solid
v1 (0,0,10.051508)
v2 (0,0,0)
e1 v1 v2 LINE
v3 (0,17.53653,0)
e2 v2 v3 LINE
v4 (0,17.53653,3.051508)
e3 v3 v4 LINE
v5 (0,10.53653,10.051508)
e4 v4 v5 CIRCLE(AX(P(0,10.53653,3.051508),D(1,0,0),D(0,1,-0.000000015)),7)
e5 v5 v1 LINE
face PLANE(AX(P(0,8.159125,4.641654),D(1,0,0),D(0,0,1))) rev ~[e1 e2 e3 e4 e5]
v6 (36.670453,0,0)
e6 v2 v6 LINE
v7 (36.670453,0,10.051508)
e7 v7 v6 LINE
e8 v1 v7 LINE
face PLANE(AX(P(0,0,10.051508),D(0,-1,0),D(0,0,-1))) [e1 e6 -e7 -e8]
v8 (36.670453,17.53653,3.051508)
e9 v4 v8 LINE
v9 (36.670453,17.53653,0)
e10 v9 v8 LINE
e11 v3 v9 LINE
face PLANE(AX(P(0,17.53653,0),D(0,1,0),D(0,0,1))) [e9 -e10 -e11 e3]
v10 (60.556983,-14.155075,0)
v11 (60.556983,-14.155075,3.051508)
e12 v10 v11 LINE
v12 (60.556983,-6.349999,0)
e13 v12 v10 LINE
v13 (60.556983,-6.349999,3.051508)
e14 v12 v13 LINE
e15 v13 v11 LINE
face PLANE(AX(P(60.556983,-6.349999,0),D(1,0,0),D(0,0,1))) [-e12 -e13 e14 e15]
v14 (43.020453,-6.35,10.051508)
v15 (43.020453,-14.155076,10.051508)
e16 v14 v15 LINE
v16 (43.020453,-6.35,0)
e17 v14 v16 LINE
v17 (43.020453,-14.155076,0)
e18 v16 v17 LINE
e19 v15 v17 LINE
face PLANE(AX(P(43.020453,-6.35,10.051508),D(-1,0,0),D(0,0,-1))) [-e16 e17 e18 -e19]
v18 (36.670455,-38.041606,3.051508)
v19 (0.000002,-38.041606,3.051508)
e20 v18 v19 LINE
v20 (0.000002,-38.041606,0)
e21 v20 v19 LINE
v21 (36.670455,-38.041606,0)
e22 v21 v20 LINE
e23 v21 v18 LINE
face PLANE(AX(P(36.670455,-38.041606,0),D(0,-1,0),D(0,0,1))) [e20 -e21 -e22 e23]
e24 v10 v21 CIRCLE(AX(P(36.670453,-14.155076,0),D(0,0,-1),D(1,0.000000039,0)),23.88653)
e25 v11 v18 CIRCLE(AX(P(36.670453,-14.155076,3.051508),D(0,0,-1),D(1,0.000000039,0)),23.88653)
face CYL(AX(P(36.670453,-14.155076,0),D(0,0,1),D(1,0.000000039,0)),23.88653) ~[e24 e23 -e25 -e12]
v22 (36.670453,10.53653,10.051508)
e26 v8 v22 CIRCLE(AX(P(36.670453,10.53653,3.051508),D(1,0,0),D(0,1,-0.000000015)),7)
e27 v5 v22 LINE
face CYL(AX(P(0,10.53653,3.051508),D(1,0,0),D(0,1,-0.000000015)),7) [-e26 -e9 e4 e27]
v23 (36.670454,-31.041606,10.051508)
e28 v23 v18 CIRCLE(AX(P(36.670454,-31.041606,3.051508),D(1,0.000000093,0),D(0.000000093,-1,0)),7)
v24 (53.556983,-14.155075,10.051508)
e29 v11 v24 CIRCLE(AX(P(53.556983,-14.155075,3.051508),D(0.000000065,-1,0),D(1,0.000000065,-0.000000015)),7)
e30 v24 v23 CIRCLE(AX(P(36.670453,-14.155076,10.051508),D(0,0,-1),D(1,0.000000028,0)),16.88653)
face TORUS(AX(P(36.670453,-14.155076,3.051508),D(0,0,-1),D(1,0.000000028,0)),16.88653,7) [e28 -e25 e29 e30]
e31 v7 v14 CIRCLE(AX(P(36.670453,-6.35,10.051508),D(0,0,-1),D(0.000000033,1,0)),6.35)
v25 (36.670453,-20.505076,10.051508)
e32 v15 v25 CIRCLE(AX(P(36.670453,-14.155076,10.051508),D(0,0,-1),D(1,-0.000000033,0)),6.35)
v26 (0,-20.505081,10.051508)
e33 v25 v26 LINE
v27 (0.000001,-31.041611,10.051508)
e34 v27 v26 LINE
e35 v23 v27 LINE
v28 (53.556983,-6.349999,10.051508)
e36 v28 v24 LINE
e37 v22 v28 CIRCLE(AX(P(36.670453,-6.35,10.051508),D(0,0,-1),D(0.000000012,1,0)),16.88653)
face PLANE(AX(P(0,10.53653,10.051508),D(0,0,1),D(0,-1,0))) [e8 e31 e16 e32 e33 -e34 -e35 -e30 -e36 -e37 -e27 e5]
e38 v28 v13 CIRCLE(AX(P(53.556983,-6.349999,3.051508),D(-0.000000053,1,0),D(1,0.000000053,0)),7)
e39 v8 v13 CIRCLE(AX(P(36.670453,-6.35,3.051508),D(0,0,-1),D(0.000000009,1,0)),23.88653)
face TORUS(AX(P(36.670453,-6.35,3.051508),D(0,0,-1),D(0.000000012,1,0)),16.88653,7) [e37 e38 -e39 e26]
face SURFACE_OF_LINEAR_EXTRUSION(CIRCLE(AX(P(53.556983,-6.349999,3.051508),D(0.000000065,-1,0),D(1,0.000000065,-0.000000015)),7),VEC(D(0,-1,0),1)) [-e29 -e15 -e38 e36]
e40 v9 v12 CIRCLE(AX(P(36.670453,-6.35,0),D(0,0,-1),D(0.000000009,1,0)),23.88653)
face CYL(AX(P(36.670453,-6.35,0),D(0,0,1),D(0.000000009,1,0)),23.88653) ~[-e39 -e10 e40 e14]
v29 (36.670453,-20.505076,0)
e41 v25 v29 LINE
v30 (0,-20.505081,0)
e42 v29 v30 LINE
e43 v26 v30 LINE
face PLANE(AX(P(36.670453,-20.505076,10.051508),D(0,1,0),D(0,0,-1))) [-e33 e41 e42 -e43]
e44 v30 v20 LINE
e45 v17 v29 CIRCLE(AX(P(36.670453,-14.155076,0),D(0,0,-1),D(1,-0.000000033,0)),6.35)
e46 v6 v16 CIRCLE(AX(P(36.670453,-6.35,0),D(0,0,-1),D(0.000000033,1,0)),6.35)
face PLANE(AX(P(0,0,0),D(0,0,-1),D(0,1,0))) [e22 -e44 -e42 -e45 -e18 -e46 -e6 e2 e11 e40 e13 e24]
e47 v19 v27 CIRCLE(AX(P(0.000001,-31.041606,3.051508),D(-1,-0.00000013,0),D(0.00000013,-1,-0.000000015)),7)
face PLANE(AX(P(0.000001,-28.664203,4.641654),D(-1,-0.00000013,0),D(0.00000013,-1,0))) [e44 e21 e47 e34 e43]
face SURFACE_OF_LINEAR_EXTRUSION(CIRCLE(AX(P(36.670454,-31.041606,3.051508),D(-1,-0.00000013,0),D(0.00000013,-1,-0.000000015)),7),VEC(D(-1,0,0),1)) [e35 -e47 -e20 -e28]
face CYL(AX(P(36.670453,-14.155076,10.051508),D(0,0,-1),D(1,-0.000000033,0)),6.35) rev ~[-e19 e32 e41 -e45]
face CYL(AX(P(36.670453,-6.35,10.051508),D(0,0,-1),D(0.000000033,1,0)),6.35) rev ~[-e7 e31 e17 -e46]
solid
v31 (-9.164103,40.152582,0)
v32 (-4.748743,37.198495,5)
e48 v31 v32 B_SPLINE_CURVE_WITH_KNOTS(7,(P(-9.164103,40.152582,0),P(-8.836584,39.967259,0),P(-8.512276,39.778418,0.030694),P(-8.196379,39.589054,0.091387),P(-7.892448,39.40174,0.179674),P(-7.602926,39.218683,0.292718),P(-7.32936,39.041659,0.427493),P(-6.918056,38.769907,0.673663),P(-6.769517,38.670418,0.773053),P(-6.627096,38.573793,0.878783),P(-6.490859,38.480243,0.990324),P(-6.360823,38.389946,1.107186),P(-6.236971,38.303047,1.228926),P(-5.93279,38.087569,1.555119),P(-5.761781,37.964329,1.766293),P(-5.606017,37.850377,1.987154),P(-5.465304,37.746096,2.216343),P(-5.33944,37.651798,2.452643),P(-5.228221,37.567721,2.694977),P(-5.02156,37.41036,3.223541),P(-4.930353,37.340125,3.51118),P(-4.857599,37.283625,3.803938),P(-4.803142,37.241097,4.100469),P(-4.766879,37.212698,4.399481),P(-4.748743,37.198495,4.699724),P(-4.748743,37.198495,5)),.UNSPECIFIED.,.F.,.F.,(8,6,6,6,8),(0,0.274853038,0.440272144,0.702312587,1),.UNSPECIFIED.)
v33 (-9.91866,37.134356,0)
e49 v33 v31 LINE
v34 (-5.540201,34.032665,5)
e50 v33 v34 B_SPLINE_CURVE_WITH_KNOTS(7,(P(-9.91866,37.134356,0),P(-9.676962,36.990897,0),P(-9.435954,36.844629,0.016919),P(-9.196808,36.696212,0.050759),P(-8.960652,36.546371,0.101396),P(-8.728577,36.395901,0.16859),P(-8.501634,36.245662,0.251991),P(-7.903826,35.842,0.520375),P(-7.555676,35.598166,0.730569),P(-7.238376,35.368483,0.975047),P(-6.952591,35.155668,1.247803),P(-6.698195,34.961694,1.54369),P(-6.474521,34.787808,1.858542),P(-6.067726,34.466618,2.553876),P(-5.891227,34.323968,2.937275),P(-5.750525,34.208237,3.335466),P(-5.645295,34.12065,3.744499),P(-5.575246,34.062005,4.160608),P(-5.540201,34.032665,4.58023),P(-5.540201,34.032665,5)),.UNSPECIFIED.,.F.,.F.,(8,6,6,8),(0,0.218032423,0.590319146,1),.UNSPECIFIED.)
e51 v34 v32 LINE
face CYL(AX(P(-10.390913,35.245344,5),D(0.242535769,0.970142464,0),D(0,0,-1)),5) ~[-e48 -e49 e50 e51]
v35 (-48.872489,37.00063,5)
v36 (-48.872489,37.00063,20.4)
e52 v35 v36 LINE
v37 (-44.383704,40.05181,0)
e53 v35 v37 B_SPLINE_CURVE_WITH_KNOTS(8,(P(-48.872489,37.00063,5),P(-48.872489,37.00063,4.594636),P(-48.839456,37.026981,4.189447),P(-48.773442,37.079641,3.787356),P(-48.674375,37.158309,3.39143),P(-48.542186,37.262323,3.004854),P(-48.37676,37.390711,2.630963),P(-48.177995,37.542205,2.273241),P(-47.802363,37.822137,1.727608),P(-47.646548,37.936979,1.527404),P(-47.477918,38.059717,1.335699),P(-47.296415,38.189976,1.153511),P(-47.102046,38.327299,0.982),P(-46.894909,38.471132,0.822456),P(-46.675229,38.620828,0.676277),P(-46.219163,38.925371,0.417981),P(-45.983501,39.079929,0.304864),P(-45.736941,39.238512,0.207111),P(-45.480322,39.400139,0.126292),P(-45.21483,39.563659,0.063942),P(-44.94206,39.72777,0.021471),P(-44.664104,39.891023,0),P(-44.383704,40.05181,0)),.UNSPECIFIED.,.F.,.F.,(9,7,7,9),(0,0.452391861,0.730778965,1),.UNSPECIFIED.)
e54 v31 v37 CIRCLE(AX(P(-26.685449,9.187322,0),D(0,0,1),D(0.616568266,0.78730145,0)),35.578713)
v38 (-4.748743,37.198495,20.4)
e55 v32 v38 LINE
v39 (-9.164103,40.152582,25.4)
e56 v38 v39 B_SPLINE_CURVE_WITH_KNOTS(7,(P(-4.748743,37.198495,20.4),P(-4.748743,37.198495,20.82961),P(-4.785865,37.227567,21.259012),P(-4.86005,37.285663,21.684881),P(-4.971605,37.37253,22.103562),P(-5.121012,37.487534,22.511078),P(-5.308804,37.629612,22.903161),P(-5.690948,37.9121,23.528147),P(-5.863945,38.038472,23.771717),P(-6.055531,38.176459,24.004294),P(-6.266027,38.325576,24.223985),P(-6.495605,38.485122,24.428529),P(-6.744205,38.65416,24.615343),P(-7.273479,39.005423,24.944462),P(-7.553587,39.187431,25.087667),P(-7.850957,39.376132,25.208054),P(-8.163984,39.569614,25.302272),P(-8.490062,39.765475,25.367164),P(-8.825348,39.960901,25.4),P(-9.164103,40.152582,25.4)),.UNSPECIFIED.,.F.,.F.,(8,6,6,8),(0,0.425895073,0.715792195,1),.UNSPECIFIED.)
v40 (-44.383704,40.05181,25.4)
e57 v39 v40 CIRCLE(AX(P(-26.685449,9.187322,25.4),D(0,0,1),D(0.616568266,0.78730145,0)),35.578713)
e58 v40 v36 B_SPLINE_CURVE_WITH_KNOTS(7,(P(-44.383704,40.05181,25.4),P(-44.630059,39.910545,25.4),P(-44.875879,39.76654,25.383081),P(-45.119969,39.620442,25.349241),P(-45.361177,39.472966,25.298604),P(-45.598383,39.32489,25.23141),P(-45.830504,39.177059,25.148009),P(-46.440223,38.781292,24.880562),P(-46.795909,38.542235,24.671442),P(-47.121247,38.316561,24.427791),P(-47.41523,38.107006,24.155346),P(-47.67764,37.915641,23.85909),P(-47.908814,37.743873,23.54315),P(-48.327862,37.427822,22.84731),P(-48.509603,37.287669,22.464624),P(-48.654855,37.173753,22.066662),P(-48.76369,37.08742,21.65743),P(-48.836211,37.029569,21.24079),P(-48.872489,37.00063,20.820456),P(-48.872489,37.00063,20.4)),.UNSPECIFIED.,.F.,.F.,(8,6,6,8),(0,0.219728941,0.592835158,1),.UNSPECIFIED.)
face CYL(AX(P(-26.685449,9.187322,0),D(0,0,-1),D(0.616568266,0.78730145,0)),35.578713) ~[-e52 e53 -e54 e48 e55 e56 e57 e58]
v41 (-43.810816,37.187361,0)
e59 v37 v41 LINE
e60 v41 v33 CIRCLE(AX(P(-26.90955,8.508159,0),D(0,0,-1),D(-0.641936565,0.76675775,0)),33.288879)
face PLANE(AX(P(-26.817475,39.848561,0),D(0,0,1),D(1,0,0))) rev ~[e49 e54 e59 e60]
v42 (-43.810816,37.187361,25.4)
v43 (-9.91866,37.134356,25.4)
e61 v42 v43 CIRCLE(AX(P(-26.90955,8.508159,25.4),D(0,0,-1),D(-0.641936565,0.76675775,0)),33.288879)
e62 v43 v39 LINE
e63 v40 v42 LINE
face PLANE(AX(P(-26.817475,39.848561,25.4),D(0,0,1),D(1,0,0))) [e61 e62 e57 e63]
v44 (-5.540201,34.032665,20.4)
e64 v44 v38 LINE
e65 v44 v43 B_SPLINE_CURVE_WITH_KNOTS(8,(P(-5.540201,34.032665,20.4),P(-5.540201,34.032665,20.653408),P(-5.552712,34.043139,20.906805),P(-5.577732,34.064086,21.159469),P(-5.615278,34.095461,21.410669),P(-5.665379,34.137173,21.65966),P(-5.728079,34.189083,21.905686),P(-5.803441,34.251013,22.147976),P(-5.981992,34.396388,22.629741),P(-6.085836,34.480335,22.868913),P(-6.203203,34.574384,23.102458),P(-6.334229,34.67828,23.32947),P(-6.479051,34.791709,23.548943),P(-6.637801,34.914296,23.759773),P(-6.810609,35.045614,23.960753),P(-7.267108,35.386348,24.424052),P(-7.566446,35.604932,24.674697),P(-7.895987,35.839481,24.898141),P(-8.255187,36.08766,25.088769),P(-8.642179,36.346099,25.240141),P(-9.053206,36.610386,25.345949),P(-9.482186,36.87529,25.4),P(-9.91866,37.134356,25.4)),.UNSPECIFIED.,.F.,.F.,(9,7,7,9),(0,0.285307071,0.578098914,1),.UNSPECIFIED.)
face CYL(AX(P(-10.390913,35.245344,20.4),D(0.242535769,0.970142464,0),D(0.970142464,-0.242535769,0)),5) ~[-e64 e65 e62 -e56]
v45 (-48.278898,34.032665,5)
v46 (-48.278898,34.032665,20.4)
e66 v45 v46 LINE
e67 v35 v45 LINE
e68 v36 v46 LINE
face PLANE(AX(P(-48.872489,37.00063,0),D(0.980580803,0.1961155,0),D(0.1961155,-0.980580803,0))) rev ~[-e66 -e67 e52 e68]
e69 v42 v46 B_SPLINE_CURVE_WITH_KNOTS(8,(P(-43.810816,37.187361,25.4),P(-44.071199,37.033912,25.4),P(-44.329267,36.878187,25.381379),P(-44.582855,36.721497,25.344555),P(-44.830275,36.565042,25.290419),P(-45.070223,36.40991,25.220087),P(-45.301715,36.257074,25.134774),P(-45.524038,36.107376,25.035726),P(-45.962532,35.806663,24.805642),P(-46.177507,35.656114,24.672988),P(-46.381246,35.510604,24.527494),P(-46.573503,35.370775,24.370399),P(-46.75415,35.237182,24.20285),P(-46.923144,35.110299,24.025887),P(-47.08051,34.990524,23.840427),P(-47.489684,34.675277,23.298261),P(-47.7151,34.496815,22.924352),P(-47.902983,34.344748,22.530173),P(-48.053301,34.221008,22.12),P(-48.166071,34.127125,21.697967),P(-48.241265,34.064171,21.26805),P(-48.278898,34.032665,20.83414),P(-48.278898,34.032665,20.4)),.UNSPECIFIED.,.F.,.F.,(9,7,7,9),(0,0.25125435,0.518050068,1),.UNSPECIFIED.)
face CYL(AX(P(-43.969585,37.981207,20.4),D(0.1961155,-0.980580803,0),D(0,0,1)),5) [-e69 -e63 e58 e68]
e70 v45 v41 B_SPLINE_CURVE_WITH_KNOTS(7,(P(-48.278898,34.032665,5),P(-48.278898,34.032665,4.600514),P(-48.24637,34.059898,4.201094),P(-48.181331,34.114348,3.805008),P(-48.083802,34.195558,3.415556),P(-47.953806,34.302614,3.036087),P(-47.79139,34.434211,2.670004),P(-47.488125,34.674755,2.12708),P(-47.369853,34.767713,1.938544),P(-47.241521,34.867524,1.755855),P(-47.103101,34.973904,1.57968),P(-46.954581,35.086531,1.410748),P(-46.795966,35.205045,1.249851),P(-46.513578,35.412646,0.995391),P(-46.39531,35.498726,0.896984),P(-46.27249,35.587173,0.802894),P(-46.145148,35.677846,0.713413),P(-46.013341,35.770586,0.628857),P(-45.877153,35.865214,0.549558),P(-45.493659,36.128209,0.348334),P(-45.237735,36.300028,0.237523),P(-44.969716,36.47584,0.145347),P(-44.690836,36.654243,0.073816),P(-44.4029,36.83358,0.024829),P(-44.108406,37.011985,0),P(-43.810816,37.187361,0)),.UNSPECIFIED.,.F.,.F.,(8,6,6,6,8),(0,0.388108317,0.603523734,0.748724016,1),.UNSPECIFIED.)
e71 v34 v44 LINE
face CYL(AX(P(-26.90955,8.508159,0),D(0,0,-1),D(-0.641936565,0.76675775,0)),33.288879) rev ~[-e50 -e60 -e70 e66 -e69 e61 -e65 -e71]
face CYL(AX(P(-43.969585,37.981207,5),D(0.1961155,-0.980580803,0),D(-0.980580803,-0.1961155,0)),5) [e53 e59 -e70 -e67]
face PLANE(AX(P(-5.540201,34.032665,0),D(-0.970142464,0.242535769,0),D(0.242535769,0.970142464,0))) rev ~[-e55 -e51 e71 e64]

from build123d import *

# Parameters (mm, degrees)
F4_DEPTH = 25.4
F5_R     = 5
F6_R     = 5
F7_R     = 5
F8_R     = 5


with BuildPart() as f2:
    # F2: sweep along a path in F1
    with BuildLine(Plane.XY) as f2_path:
        Line((0, 0), (36.670453, 0))
        ThreePointArc((36.670453, 0), (41.160581, -1.859872), (43.020453, -6.35))
        Line((43.020453, -6.35), (43.020453, -14.155076))
        ThreePointArc((43.020453, -14.155076), (41.160581, -18.645204), (36.670453, -20.505076))
        Line((36.670453, -20.505076), (0, -20.505076))
    # F0 (on Right) → F2 (sweep)
    with BuildSketch(Plane.YZ):
        with BuildLine():
            Line((0, 10.051508), (0, 0))
            Line((0, 0), (17.53653, 0))
            Line((17.53653, 0), (17.53653, 3.051508))
            ThreePointArc((17.53653, 3.051508), (15.486278, 8.001255), (10.53653, 10.051508))
            Line((10.53653, 10.051508), (0, 10.051508))
        make_face()
    sweep(path=f2_path.line)


with BuildPart() as f4:
    # F3 (on Top) → F4 (new body)
    with BuildSketch(Plane.XY):
        with BuildLine():
            Line((-5.540201, 34.032665), (-4.748743, 37.198495))
            ThreePointArc((-4.748743, 37.198495), (-26.844994, 44.765678), (-48.872489, 37.00063))
            Line((-48.872489, 37.00063), (-48.278898, 34.032665))
            ThreePointArc((-48.278898, 34.032665), (-26.909549, 41.797038), (-5.540201, 34.032665))
        make_face()
    extrude(amount=F4_DEPTH)

    # F5
    f5_edges = [f4.edges().sort_by_distance(p)[0] for p in [
        (-48.575694, 35.516648, 0),
    ]]
    fillet(f5_edges, radius=F5_R)

    # F6
    f6_edges = [f4.edges().sort_by_distance(p)[0] for p in [
        (-5.144472, 35.61558, 0),
    ]]
    fillet(f6_edges, radius=F6_R)

    # F7
    f7_edges = [f4.edges().sort_by_distance(p)[0] for p in [
        (-5.144472, 35.61558, 25.4),
    ]]
    fillet(f7_edges, radius=F7_R)

    # F8
    f8_edges = [f4.edges().sort_by_distance(p)[0] for p in [
        (-48.575694, 35.516648, 25.4),
    ]]
    fillet(f8_edges, radius=F8_R)


solid = Compound([f2.part, f4.part])
